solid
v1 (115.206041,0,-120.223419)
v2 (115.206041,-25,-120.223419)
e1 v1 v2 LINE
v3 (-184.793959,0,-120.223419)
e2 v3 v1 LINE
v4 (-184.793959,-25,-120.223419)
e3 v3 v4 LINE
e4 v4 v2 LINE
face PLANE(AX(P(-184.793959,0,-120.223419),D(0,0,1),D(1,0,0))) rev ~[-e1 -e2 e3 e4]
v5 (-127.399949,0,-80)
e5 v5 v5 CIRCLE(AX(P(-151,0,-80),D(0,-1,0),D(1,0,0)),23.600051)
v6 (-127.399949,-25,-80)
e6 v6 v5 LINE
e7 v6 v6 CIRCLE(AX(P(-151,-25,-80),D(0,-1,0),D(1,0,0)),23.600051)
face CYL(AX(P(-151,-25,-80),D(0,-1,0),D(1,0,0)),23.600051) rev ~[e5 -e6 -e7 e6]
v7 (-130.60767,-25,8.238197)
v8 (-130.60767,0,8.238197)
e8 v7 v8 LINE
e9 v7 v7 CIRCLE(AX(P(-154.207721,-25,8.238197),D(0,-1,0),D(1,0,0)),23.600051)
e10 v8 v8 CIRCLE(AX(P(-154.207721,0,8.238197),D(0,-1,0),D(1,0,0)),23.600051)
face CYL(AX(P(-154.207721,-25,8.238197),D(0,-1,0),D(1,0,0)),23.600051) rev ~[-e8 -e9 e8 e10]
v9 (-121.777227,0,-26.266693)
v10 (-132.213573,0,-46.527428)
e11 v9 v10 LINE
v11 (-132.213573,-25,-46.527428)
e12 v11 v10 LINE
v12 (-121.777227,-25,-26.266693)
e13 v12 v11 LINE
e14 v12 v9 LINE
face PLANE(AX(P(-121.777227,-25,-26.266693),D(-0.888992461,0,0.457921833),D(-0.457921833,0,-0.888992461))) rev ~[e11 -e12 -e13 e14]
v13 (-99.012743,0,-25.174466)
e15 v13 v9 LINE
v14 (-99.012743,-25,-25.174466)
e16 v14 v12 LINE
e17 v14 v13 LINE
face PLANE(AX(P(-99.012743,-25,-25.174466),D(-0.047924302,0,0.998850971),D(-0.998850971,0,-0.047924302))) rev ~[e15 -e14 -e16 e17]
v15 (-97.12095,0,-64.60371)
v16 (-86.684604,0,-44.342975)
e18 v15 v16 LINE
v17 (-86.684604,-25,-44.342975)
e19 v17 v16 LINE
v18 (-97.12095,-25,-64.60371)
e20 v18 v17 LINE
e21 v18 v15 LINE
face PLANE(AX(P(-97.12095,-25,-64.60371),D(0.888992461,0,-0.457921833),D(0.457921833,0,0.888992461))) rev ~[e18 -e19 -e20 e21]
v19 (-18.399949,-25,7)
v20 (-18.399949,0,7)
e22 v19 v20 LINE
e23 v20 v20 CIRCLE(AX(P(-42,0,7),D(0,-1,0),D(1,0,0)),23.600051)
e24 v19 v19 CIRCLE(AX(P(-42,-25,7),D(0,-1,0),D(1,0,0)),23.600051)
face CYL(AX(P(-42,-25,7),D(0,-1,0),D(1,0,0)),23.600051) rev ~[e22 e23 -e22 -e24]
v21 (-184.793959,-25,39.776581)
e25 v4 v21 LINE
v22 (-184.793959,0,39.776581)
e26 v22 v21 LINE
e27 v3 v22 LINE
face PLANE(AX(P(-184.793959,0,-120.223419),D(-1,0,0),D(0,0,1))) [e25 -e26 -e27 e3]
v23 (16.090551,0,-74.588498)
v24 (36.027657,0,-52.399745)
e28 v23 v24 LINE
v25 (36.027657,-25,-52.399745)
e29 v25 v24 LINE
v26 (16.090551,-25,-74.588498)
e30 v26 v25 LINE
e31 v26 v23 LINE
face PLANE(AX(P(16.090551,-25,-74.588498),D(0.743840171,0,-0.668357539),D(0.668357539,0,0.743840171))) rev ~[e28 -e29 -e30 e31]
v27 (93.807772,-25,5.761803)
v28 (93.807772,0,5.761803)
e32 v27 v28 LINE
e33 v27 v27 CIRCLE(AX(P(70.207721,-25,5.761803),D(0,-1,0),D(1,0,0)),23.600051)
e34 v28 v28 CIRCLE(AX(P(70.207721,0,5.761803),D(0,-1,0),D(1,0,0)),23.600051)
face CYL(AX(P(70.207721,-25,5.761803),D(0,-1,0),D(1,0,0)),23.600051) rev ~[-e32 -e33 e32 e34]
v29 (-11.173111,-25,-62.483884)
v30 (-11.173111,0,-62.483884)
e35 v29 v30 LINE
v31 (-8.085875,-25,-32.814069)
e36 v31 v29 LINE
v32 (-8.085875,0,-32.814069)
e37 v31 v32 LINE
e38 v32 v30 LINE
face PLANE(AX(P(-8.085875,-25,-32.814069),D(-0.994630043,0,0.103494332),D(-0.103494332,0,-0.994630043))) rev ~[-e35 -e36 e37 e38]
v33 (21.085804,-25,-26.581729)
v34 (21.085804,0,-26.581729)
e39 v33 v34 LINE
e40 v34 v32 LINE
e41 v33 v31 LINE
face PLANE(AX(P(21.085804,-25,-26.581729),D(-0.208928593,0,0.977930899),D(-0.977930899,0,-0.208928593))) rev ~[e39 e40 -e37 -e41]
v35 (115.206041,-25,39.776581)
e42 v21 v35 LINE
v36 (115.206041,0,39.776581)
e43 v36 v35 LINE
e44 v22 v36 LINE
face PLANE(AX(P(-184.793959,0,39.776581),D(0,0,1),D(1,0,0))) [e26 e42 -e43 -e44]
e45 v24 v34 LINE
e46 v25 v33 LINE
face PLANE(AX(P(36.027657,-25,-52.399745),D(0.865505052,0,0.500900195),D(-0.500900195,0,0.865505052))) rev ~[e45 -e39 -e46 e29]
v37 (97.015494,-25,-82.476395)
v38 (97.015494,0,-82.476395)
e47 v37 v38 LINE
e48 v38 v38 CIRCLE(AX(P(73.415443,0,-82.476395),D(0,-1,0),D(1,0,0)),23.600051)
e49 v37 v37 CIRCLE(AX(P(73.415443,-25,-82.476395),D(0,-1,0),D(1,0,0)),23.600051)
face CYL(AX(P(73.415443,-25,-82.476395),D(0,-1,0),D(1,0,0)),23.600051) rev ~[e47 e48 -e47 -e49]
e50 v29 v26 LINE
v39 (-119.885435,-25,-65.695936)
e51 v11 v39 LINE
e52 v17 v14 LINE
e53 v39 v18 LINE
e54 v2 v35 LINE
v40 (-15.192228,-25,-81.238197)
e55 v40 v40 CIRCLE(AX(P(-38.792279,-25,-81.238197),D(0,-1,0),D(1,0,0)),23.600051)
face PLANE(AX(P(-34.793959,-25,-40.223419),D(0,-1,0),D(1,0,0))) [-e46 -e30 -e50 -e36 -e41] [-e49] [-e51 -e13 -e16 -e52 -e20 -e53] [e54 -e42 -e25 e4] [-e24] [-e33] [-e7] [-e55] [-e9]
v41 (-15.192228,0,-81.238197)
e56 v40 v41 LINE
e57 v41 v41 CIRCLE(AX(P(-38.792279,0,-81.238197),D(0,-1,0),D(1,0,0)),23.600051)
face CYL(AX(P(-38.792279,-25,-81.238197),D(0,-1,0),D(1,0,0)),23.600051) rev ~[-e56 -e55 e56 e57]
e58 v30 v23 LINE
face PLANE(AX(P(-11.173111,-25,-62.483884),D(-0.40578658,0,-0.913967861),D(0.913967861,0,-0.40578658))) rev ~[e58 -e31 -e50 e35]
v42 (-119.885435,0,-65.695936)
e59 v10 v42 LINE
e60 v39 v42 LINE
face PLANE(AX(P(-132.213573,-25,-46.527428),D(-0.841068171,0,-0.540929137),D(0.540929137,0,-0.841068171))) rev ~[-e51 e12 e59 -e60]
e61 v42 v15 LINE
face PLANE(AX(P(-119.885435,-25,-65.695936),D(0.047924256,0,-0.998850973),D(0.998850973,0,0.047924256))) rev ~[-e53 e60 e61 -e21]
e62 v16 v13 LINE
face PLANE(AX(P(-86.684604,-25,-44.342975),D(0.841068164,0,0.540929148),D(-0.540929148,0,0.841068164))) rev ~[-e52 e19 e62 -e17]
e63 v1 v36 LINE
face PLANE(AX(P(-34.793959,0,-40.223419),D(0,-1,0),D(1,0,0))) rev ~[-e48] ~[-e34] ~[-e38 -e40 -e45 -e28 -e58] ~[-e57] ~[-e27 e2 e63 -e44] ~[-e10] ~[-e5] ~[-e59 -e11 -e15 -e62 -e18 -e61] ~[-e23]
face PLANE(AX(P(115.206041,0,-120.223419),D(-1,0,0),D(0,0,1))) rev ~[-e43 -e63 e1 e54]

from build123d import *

# Parameters (mm, degrees)
F0_W     = 300
F0_H     = 160
F1_DEPTH = 25
F2_R     = 23.600051
F3_DEPTH = 25.001
F5_DEPTH = 25.001
F7_DEPTH = 25.001


with BuildPart() as f1:
    # F0 (on Front) → F1 (new body)
    with BuildSketch(Plane.XZ):
        with Locations((-34.793959, -40.223419)):
            Rectangle(F0_W, F0_H)
    extrude(amount=F1_DEPTH)

    # F2 (on face) → F3 (cut, through all)
    with BuildSketch(Plane.XZ.offset(25)):
        with Locations((-154.207721, 8.238197)):
            Circle(F2_R)
        with Locations((-42, 7)):
            Circle(F2_R)
        with Locations((70.207721, 5.761803)):
            Circle(F2_R)
        with Locations((73.415443, -82.476395)):
            Circle(F2_R)
        with Locations((-38.792279, -81.238197)):
            Circle(F2_R)
        with Locations((-151, -80)):
            Circle(F2_R)
    extrude(amount=-F3_DEPTH, mode=Mode.SUBTRACT)

    # F4 (on face) → F5 (cut, through all)
    with BuildSketch(Plane.XZ.offset(25)):
        Polygon((-86.684604, -44.342975), (-99.012743, -25.174466), (-121.777227, -26.266693), (-132.213573, -46.527428), (-119.885435, -65.695936), (-97.12095, -64.60371), align=None)
    extrude(amount=-F5_DEPTH, mode=Mode.SUBTRACT)

    # F6 (on face) → F7 (cut, through all)
    with BuildSketch(Plane.XZ.offset(25)):
        Polygon((36.027657, -52.399745), (21.085804, -26.581729), (-8.085875, -32.814069), (-11.173111, -62.483884), (16.090551, -74.588498), align=None)
    extrude(amount=-F7_DEPTH, mode=Mode.SUBTRACT)


solid = f1.part
